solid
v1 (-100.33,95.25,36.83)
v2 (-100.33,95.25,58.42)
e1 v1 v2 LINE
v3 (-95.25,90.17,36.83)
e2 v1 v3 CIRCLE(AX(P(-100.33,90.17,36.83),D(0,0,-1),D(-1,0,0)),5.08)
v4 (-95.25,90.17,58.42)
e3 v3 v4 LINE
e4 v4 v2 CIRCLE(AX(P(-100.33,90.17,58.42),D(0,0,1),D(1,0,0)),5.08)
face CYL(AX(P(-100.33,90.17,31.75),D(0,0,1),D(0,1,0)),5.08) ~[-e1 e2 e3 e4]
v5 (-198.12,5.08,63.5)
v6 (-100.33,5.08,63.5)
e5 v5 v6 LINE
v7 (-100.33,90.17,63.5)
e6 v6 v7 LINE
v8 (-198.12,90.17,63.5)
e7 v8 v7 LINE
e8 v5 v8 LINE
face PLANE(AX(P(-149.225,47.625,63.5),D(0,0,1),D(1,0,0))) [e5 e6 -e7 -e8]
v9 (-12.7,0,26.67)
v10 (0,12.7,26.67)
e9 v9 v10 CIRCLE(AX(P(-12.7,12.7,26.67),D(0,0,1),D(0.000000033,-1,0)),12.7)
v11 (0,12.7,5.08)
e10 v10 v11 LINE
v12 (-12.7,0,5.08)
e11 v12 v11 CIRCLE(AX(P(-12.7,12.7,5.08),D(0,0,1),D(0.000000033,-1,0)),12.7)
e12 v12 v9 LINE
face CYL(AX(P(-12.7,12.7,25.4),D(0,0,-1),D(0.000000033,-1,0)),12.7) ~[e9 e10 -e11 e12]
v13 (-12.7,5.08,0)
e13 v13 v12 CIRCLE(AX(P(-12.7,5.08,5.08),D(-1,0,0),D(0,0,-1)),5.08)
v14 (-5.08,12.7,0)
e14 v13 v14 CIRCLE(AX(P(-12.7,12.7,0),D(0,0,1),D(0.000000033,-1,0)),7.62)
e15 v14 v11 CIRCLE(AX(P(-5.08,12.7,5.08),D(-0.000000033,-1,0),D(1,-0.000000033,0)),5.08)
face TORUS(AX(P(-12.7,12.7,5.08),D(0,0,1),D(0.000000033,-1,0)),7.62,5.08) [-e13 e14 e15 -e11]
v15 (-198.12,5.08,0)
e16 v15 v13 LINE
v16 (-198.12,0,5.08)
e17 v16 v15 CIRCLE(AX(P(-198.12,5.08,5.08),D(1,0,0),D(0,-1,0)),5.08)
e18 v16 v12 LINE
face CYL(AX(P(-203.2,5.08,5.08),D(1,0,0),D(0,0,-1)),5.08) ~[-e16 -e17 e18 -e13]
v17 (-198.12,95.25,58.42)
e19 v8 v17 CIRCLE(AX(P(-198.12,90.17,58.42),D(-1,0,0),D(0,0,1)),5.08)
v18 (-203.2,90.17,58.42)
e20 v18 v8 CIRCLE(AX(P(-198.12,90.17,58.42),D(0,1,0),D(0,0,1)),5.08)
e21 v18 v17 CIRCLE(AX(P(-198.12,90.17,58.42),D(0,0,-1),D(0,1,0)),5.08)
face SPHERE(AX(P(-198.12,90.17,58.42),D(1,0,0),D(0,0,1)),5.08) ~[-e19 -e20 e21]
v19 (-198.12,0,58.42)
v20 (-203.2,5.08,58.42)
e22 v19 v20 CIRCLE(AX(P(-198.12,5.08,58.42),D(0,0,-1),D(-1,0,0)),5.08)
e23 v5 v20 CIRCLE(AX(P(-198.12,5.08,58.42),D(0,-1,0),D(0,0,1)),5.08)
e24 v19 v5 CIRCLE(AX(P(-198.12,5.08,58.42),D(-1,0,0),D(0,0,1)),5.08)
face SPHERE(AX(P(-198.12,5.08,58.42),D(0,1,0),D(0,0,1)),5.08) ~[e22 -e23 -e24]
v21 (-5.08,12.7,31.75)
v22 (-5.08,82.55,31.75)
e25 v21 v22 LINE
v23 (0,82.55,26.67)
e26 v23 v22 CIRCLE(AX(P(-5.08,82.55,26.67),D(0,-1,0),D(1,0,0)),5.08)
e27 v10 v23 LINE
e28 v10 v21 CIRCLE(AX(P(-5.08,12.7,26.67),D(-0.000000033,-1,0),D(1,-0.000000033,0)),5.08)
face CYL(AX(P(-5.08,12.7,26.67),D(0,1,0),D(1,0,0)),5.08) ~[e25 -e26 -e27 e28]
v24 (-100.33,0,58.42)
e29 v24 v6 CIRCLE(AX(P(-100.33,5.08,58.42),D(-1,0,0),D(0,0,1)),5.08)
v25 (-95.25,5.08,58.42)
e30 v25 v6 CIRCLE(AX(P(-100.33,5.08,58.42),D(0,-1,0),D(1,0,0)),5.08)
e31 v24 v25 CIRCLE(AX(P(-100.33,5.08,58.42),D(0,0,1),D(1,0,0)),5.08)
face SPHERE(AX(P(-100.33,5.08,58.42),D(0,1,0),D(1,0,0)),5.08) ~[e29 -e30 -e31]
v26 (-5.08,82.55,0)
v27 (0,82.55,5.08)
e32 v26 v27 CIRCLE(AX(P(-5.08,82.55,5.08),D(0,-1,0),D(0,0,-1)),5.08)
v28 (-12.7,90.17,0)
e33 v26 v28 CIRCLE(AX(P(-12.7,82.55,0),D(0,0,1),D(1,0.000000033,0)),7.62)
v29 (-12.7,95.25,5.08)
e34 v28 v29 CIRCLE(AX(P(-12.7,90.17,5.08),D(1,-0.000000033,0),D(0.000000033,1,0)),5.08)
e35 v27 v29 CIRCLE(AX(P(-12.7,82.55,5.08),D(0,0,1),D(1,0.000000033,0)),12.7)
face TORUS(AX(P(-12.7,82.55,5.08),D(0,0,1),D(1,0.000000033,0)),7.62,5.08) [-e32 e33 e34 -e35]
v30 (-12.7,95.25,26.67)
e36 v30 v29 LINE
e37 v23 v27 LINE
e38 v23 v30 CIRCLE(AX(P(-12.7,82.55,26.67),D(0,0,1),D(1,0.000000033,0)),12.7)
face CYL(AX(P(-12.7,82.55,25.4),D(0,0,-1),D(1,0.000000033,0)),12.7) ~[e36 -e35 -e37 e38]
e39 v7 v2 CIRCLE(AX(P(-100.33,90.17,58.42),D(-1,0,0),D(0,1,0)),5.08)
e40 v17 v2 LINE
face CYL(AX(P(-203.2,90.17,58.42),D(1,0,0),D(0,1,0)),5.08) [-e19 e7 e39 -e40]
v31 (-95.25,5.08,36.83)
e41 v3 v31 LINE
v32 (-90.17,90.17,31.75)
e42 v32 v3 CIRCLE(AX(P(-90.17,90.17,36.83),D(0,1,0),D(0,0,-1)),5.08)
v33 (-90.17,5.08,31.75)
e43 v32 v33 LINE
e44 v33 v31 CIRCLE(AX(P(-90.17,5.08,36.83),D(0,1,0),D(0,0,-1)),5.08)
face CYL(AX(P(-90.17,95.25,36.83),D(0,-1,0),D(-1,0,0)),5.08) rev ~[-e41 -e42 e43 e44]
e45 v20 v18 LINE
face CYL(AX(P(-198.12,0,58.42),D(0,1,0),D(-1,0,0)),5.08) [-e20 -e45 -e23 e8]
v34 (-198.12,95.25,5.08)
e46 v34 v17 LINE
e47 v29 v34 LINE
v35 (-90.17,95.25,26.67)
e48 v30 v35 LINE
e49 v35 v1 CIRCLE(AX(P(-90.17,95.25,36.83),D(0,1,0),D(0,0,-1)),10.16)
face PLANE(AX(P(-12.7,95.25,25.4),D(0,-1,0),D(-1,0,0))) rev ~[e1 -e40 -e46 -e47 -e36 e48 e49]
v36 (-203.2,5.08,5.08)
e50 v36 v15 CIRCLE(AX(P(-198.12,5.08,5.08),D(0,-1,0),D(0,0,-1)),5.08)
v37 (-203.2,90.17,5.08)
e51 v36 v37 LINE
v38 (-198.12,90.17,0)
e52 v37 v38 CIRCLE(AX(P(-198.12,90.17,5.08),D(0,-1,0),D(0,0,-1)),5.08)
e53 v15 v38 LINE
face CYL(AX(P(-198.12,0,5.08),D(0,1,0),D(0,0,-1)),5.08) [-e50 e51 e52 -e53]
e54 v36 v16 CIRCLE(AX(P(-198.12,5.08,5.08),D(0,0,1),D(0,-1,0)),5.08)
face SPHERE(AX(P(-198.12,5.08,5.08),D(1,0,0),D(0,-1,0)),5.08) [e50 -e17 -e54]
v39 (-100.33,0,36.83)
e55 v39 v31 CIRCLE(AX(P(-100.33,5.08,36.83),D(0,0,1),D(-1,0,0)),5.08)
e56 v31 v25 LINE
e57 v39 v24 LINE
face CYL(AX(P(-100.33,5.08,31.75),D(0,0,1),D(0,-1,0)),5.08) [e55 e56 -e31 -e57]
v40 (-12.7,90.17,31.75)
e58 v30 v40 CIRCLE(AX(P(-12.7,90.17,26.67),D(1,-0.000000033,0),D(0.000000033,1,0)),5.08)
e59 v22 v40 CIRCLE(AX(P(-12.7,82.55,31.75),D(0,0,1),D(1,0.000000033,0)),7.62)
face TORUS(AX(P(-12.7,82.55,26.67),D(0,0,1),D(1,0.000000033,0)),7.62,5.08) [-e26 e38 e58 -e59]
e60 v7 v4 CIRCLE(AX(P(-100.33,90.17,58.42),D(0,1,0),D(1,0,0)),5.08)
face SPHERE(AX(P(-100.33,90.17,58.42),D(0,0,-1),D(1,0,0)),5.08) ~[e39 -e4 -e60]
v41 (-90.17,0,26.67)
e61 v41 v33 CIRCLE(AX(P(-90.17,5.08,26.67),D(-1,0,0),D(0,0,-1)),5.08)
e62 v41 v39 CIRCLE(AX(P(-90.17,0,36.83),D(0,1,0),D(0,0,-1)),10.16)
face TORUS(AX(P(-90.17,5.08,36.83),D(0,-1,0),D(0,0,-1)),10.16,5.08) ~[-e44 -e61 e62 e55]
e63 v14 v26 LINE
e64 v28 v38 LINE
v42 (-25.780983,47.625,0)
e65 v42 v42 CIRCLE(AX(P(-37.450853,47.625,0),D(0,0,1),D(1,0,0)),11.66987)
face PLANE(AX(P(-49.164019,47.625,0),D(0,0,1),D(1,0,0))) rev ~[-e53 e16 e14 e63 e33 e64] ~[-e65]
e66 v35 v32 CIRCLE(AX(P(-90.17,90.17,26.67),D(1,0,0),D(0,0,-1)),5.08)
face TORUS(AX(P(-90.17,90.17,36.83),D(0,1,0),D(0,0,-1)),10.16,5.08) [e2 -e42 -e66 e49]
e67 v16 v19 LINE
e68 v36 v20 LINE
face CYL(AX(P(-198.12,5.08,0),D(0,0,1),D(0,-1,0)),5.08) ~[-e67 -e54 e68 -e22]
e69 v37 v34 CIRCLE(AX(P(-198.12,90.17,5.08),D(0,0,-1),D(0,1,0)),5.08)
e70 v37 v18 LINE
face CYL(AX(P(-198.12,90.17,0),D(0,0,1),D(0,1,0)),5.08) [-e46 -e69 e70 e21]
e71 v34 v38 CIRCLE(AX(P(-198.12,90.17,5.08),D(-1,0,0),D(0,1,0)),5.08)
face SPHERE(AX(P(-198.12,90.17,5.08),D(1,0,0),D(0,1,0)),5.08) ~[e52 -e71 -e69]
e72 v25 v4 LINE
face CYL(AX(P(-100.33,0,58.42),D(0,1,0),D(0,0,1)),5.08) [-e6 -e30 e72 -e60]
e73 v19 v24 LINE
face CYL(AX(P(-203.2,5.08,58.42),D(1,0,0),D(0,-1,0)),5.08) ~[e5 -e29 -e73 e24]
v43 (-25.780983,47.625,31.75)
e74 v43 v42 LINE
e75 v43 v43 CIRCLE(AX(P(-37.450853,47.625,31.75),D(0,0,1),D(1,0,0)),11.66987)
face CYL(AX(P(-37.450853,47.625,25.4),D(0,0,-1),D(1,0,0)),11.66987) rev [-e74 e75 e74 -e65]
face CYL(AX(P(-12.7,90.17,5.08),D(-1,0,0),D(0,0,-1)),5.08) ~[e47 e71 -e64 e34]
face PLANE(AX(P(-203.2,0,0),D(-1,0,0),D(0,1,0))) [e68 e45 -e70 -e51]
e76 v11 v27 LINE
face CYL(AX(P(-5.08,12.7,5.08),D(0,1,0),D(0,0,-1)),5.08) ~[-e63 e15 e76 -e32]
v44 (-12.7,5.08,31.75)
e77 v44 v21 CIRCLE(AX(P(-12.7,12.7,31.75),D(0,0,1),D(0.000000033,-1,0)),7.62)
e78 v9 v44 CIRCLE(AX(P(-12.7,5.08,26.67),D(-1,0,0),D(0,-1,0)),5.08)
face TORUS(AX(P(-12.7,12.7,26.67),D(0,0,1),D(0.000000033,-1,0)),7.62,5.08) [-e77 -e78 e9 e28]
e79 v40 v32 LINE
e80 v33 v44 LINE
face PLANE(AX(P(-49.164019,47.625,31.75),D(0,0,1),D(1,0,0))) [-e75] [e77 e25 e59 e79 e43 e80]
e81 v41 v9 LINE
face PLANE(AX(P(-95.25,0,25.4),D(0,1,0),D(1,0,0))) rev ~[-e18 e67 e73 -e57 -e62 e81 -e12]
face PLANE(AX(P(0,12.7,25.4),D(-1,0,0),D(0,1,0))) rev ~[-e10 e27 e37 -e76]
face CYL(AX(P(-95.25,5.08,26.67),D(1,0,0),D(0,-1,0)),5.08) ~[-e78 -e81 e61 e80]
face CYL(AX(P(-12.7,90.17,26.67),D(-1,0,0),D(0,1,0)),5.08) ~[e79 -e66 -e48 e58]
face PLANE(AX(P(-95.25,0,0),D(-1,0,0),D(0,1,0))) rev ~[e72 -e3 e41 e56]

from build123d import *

# Parameters (mm, degrees)
F0_W      = 107.95
F0_H      = 95.25
F1_DEPTH  = 63.5
F0_R      = 11.66987
F2_DEPTH  = 25.4
F2_FACE_R = 11.66987
F3_DEPTH  = 6.35
F4_R      = 5.08


with BuildPart() as f1:
    # F0 (on Top) → F1 (new body)
    with BuildSketch(Plane.XY):
        with Locations((-149.225, 47.625)):
            Rectangle(F0_W, F0_H)
    extrude(amount=F1_DEPTH)

    # F0 (on Top) → F2 (join)
    with BuildSketch(Plane.XY):
        with BuildLine():
            Line((-12.7, 95.25), (-95.25, 95.25))
            Line((-95.25, 95.25), (-95.25, 0))
            Line((-95.25, 0), (-12.7, 0))
            ThreePointArc((-12.7, 0), (-3.719744, 3.719744), (0, 12.7))
            Line((0, 12.7), (0, 82.55))
            ThreePointArc((0, 82.55), (-3.719744, 91.530256), (-12.7, 95.25))
        make_face()
        with Locations((-37.450853, 47.625)):
            Circle(F0_R, mode=Mode.SUBTRACT)
    extrude(amount=F2_DEPTH)

    # F2_face (on face) → F3 (join)
    with BuildSketch(Plane(origin=(-48.494155, 47.625, 25.4), x_dir=(1, 0, 0), z_dir=(0, 0, 1))):
        with BuildLine():
            Line((35.794155, 47.625), (-46.755845, 47.625))
            Line((-46.755845, 47.625), (-46.755845, -47.625))
            Line((-46.755845, -47.625), (35.794155, -47.625))
            ThreePointArc((35.794155, -47.625), (44.774411, -43.905256), (48.494155, -34.925))
            Line((48.494155, -34.925), (48.494155, 34.925))
            ThreePointArc((48.494155, 34.925), (44.774411, 43.905256), (35.794155, 47.625))
        make_face()
        with Locations((11.043302, 0)):
            Circle(F2_FACE_R, mode=Mode.SUBTRACT)
    extrude(amount=F3_DEPTH)

    # F4
    f4_edges = [f1.edges().sort_by_distance(p)[0] for p in [
        (0, 12.7, 15.875),
        (0, 47.625, 31.75),
        (0, 82.55, 15.875),
        (0, 47.625, 0),
        (-95.25, 95.25, 47.625),
        (-95.25, 47.625, 63.5),
        (-95.25, 0, 47.625),
        (-95.25, 47.625, 31.75),
        (-149.225, 95.25, 63.5),
        (-203.2, 47.625, 63.5),
        (-149.225, 0, 63.5),
        (-203.2, 95.25, 31.75),
        (-203.2, 0, 31.75),
        (-203.2, 47.625, 0),
    ]]
    fillet(f4_edges, radius=F4_R)


solid = f1.part
